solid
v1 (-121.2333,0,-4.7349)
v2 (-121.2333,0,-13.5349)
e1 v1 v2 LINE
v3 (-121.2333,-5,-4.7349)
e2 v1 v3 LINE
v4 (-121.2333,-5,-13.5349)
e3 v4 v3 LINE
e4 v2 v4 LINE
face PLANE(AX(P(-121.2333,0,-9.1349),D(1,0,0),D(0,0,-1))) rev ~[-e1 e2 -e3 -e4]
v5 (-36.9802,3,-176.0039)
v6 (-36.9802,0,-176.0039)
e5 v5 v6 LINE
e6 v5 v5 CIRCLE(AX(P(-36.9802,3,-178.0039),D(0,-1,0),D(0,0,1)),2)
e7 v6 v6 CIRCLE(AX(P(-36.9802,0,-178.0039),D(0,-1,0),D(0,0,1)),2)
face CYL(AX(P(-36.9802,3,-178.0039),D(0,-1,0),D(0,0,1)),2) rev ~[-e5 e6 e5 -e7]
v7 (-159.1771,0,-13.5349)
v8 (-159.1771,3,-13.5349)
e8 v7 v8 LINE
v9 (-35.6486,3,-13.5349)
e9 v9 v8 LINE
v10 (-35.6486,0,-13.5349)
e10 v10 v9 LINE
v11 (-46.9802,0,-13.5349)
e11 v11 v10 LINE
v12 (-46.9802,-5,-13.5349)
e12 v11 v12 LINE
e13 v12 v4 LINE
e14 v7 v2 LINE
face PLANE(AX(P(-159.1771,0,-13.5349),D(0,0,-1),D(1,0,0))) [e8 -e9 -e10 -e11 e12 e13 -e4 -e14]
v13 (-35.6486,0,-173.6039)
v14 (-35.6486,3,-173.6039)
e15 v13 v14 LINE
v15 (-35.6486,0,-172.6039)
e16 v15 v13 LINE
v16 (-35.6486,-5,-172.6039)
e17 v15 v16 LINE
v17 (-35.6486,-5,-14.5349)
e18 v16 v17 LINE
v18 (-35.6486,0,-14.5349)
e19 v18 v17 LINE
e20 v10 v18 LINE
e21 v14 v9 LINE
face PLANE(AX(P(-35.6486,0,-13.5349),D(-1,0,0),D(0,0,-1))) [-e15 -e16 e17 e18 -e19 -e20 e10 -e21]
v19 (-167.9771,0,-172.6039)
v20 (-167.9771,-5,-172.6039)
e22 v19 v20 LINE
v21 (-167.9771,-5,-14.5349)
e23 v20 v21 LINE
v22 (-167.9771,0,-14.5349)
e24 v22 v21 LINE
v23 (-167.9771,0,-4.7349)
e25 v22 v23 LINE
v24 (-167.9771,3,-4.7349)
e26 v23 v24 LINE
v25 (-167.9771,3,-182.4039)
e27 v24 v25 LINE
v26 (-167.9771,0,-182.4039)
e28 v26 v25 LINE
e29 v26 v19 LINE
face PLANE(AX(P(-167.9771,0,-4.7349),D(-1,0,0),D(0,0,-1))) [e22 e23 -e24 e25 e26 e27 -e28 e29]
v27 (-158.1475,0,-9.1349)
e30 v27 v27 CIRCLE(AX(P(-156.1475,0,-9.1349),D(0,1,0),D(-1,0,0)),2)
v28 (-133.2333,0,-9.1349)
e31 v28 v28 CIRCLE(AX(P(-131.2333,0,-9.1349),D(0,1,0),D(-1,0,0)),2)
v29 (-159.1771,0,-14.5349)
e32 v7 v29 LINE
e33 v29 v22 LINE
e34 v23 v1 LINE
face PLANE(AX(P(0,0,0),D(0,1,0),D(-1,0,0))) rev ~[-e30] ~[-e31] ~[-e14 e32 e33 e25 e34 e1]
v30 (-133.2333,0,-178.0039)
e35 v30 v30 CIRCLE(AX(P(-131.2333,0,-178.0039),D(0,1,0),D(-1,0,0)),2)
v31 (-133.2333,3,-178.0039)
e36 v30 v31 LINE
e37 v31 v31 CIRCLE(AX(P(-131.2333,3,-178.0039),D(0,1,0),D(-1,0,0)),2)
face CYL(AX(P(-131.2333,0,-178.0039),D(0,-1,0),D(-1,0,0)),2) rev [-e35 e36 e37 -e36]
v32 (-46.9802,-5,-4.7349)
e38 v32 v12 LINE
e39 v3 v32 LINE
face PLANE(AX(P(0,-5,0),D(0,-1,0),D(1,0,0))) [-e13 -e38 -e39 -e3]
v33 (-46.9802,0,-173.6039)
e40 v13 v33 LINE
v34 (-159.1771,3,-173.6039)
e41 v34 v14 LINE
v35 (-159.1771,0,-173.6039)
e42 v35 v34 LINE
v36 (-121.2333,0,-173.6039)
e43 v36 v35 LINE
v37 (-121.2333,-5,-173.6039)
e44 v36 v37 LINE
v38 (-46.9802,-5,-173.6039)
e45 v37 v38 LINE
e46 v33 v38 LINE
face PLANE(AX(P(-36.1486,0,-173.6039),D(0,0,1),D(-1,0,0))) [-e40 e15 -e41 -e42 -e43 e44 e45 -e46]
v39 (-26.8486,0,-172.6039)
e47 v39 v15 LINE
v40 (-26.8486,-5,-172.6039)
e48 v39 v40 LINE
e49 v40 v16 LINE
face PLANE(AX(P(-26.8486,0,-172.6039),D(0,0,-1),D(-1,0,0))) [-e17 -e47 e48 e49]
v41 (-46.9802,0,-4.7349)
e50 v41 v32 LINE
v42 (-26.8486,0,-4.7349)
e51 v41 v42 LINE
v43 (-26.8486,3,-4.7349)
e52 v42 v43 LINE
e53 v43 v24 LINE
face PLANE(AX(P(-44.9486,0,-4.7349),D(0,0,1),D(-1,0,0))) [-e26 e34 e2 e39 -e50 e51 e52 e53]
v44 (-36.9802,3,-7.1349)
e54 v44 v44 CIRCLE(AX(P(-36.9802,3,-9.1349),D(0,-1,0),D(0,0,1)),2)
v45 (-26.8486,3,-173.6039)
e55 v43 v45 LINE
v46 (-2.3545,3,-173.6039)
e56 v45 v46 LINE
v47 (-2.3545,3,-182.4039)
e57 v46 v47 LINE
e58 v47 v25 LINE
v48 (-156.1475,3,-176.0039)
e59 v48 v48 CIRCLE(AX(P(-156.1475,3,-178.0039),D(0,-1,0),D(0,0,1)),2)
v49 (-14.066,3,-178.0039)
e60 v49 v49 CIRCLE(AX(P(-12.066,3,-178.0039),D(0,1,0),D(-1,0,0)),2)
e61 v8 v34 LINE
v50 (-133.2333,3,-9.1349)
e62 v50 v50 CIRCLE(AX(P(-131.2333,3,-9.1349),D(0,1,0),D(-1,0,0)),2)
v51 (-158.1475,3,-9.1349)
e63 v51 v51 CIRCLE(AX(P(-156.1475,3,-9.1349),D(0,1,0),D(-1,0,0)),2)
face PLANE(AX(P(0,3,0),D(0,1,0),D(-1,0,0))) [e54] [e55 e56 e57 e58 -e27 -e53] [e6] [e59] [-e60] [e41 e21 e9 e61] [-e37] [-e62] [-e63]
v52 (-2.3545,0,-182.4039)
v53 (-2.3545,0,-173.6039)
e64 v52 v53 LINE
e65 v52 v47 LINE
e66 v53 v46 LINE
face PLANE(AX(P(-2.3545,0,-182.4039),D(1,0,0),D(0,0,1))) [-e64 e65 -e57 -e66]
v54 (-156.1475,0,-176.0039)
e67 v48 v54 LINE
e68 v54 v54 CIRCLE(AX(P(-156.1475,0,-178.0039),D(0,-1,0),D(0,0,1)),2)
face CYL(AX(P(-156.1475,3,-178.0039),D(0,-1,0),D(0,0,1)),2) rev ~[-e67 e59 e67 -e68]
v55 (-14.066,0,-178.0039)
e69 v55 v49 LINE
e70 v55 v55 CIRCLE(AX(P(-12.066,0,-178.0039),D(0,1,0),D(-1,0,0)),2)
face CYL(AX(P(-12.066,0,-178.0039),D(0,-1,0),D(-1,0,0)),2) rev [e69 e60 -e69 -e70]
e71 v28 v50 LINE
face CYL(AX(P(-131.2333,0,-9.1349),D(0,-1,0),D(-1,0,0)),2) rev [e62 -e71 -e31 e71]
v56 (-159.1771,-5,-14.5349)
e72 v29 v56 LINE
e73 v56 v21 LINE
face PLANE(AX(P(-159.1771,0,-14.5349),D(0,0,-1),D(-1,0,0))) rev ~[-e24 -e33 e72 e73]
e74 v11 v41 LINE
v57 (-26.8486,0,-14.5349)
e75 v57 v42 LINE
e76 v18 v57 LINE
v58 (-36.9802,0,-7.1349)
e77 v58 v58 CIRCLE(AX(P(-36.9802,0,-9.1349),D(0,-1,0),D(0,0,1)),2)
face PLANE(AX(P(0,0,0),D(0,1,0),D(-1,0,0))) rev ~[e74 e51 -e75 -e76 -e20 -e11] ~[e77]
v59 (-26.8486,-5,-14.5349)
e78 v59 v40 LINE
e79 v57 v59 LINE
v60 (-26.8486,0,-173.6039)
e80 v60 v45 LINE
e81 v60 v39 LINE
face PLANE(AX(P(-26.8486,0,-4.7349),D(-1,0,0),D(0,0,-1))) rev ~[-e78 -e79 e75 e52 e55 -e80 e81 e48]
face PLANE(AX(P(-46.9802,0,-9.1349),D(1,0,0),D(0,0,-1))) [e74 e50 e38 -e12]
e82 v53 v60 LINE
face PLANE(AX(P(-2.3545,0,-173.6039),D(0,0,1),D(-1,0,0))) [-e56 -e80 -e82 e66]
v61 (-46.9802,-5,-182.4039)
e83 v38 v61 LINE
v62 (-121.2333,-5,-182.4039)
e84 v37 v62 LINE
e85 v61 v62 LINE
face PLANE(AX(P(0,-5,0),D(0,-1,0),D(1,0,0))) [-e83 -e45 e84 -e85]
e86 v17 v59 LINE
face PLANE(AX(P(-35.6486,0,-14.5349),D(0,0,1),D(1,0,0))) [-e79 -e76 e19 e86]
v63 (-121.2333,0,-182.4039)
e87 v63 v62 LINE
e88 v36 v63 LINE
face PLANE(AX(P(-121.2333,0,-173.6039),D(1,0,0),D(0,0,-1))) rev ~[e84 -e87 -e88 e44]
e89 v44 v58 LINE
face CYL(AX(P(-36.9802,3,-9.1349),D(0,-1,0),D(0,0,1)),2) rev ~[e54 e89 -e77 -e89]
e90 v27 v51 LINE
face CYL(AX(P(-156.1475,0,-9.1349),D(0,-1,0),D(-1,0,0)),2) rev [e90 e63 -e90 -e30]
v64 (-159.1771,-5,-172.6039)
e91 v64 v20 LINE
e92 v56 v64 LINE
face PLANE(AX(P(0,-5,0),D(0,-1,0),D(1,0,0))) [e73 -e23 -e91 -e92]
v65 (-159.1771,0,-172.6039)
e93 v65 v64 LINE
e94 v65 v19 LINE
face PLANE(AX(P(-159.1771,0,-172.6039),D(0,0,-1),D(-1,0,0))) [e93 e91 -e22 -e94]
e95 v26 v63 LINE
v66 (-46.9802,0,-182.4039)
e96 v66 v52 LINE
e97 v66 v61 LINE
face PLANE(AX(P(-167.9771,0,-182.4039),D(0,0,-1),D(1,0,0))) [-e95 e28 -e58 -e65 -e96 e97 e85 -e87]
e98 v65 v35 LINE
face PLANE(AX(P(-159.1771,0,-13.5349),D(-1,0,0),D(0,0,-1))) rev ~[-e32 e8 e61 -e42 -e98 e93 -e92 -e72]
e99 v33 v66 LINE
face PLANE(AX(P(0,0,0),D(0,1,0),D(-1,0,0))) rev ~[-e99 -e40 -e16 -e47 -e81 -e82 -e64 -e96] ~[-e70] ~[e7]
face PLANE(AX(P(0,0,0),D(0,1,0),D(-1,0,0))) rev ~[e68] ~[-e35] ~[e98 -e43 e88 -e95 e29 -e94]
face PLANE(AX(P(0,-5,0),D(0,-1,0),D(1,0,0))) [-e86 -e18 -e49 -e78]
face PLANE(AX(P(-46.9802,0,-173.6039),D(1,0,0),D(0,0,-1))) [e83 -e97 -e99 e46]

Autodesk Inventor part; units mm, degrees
ref_plane "YZ Plane" through (0, 0, 0) normal (1, 0, 0) x (0, 1, 0)
ref_plane "XZ Plane" through (0, 0, 0) normal (0, 1, 0) x (-1, 0, 0)
ref_plane "XY Plane" through (0, 0, 0) normal (0, 0, 1) x (1, 0, 0)
sketch "Boceto1" plane through (0, 0, 0) normal (0, 1, 0) x (-1, 0, 0)
  line L0 (0, 0) -> (262.4667, 0) construction
  line L1 (262.4667, 0) -> (262.4667, -371.2633) construction
  line L2 (262.4667, -371.2633) -> (0, -371.2633) construction
  line L3 (0, -371.2633) -> (0, 0) construction
  line L4 (167.9771, -4.7349) -> (167.9771, -13.5349)
  line L5 (167.9771, -13.5349) -> (2.3545, -13.5349)
  line L6 (2.3545, -13.5349) -> (2.3545, -4.7349)
  line L7 (2.3545, -4.7349) -> (167.9771, -4.7349)
  line L8 (143.5689, -182.4039) -> (2.3545, -182.4039)
  line L9 (2.3545, -182.4039) -> (2.3545, -173.6039)
  line L10 (2.3545, -173.6039) -> (167.9771, -173.6039)
  line L11 (167.9771, -173.6039) -> (167.9771, -182.4039)
  circle A0 centre (156.1475, -9.1349) radius 2
  circle A1 centre (131.2333, -9.1349) radius 2
  circle A2 centre (12.066, -9.1349) radius 2
  line L12 (167.9771, -173.6039) -> (167.9771, -182.4039)
  line L13 (167.9771, -182.4039) -> (2.3545, -182.4039)
  line L14 (2.3545, -182.4039) -> (2.3545, -173.6039)
  line L15 (2.3545, -173.6039) -> (167.9771, -173.6039)
  circle A3 centre (131.2333, -178.0039) radius 2
  circle A4 centre (12.066, -178.0039) radius 2
  line L16 (167.9771, -13.5349) -> (167.9771, -182.4039)
  line L17 (2.3545, -13.4261) -> (2.3545, -174.0455)
  line L18 (11.1545, -13.4261) -> (11.1545, -174.0455)
  line L19 (159.1771, -13.5349) -> (159.1771, -182.4039)
  line L20 (26.8486, -4.7349) -> (26.8486, -49.7349)
  line L21 (26.8486, -49.7349) -> (2.3545, -49.7349)
  line L22 (35.6486, -4.7349) -> (35.6486, -173.6039)
  line L23 (35.6486, -58.5349) -> (2.3545, -58.5349)
  line L24 (2.3545, -59.0349) -> (36.1486, -59.0349)
  line L25 (36.1486, -173.6039) -> (36.1486, -4.7349)
  line L26 (2.3545, -67.8349) -> (44.9486, -67.8349)
  line L27 (44.9486, -67.8349) -> (44.9486, -4.7349)
  line L28 (26.8486, -49.7349) -> (26.8486, -173.6039)
  line L29 (19.9545, -13.4261) -> (19.9545, -174.0455)
  line L30 (9.3545, -13.4261) -> (9.3545, -174.0455)
  point P0 (11.1545, -173.6039)
  point P1 (11.1545, -13.5349)
  point P2 (159.1771, -173.6039)
  point P3 (11.1545, -58.5349)
  point P4 (35.6486, -13.5349)
  point P5 (11.1545, -67.8349)
  point P6 (26.8486, -67.8349)
  point P7 (36.1486, -67.8349)
  dimension "d2" = 8.8
  dimension "d3" = 8.8
  dimension "d5" = 8.8
  dimension "d6" = 8.8
  dimension "d8" = 4
  dimension "d9" = 4
  dimension "d10" = 4
  dimension "d11" = 8.8
  dimension "d12" = 8.8
  dimension "d14" = 4
  dimension "d15" = 4
  dimension "d21" = 8.8
  dimension "d22" = 8.8
  dimension "d26" = 45
  dimension "d27" = 8.8
  dimension "d53" = 0.5
  dimension "d54" = 8.8
  dimension "d59" = 8.8
  dimension "d60" = 7
extrude "Extrusión1" add sketch "Boceto1" along normal blind 3 contours L4 L5 L27 L7 | L16 L10 L19 L5 | L27 L5 L25 L7 | L11 L13 L19 L10 | L25 L5 L22 L7 | L19 L13 L8 L9 L10 | L22 L5 L20 L7 | L22 L23 L28 L20 L5 | L10 L28 L26 L22 | L22 L24 L28 L23 | L22 L26 L28 L24
sketch "Boceto2" plane through (0, 3, 0) normal (0, 1, 0) x (1, 0, 0)
  line L0 (-2.3545, 182.4039) -> (-167.9771, 182.4039) projected
  line L1 (-167.9771, 182.4039) -> (-167.9771, 4.7349) projected
  line L2 (-167.9771, 4.7349) -> (-26.8486, 4.7349) projected
  circle A0 centre (-12.066, 178.0039) radius 2
  circle A1 centre (-131.2333, 178.0039) radius 2
  circle A2 centre (-156.1475, 9.1349) radius 2
  circle A3 centre (-131.2333, 9.1349) radius 2
  line L3 (-11.1545, 173.6039) -> (-11.1545, 67.8349) projected
  line L4 (-35.6486, 13.5349) -> (-159.1771, 13.5349) projected
  line L5 (-159.1771, 13.5349) -> (-159.1771, 173.6039) projected
  line L6 (-159.1771, 173.6039) -> (-35.6486, 173.6039) projected
  line L7 (-131.2333, 9.1349) -> (-119.9333, 9.1349)
  line L8 (-119.9333, 9.1349) -> (-119.9333, 13.5349)
  line L9 (-119.9333, 4.7349) -> (-119.9333, 9.1349)
  line L10 (-167.9771, 4.7349) -> (-26.8486, 4.7349) projected
  line L11 (-26.8486, 4.7349) -> (-26.8486, 173.6039) projected
  line L12 (-26.8486, 49.7349) -> (-2.3545, 49.7349) projected
  line L13 (-2.3545, 173.6039) -> (-2.3545, 182.4039) projected
  line L14 (-11.1545, 58.5349) -> (-35.6486, 58.5349) projected
  line L15 (-35.6486, 173.6039) -> (-35.6486, 13.5349) projected
  circle A4 centre (-36.9802, 178.0039) radius 2
  circle A5 centre (-156.1475, 178.0039) radius 2
  circle A6 centre (-156.1475, 9.1349) radius 2
  line L16 (-156.1475, 9.1349) -> (-144.8475, 9.1349)
  line L17 (-144.8475, 9.1349) -> (-144.8475, 13.5349)
  line L18 (-144.8475, 4.7349) -> (-144.8475, 9.1349)
  line L19 (-36.9802, 178.0039) -> (-36.9802, 9.1349)
  line L20 (-36.9802, 178.0039) -> (131.8887, 178.0039) construction
  circle A7 centre (-36.9802, 9.1349) radius 2
  point P0 (0, 0)
  point P1 (-2.3545, 4.7349)
  point P2 (-26.8486, 59.0349)
  point P3 (-2.3545, 59.0349)
  point P4 (-35.6486, 67.8349)
  dimension "d25" = 11.3
  dimension "d29" = 11.3
  dimension "d30" = 90
  dimension "d31" = 4
hole "Agujero1" at (-36.9802, 3, -9.1349) at (-36.9802, 3, -178.0039) at (-156.1475, 3, -178.0039) direction (0, -1, 0) diameter 4 end through all
sketch "Boceto3" plane through (0, 0, 0) normal (0, -1, 0) x (1, 0, 0)
  circle A0 centre (-156.1475, -178.0039) radius 2 projected
  circle A1 centre (-36.9802, -178.0039) radius 2 projected
  circle A2 centre (-36.9802, -9.1349) radius 2 projected
  line L0 (-167.9771, -182.4039) -> (-167.9771, -4.7349) projected
  line L1 (-2.3545, -182.4039) -> (-167.9771, -182.4039) projected
  line L2 (-2.3545, -173.6039) -> (-2.3545, -182.4039) projected
  line L3 (-26.8486, -4.7349) -> (-26.8486, -173.6039) projected
  line L4 (-167.9771, -4.7349) -> (-26.8486, -4.7349) projected
  circle A3 centre (-156.1475, -9.1349) radius 2 projected
  circle A4 centre (-131.2333, -9.1349) radius 2 projected
  line L5 (-159.1771, -173.6039) -> (-11.1545, -173.6039)
  line L6 (-159.1771, -13.5349) -> (-159.1771, -173.6039) projected
  line L7 (-35.6486, -13.5349) -> (-159.1771, -13.5349) projected
  line L8 (-35.6486, -173.6039) -> (-35.6486, -13.5349) projected
  circle A5 centre (-131.2333, -178.0039) radius 2 projected
  circle A6 centre (-12.066, -178.0039) radius 2 projected
  line L9 (-36.9802, -9.1349) -> (-46.9802, -9.1349)
  line L10 (-46.9802, -9.1349) -> (-46.9802, -2.3988)
  line L11 (-46.9802, -2.3988) -> (-46.9802, -182.4039)
  line L12 (-131.2333, -9.1349) -> (-121.2333, -9.1349)
  line L13 (-121.2333, -9.1349) -> (-121.2333, 4.8486)
  line L14 (-121.2333, 4.8486) -> (-121.2333, -182.4039)
  line L15 (-159.1771, -173.6039) -> (-167.9771, -173.6039)
  line L16 (-159.1771, -13.5349) -> (-167.9771, -13.5349)
  line L17 (-35.932, -13.5349) -> (-26.8486, -13.5349)
  line L18 (-11.1545, -173.6039) -> (-2.3545, -173.6039)
  line L19 (-2.3545, -172.6039) -> (-11.1545, -172.6039)
  line L20 (-11.1545, -172.6039) -> (-159.1771, -172.6039)
  line L21 (-159.1771, -172.6039) -> (-167.9771, -172.6039)
  line L22 (-35.932, -14.5349) -> (-26.8486, -14.5349)
  line L23 (-159.1771, -14.5349) -> (-167.9771, -14.5349)
  circle A7 centre (-156.1475, -178.0039) radius 2 projected
  circle A8 centre (-36.9802, -178.0039) radius 2 projected
  circle A9 centre (-36.9802, -9.1349) radius 2 projected
  line L24 (-167.9771, -182.4039) -> (-167.9771, -4.7349) projected
  line L25 (-2.3545, -182.4039) -> (-167.9771, -182.4039) projected
  line L26 (-2.3545, -173.6039) -> (-2.3545, -182.4039) projected
  line L27 (-26.8486, -4.7349) -> (-26.8486, -173.6039) projected
  line L28 (-167.9771, -4.7349) -> (-26.8486, -4.7349) projected
  circle A10 centre (-12.066, -178.0039) radius 2 projected
  circle A11 centre (-131.2333, -178.0039) radius 2 projected
  circle A12 centre (-131.2333, -9.1349) radius 2 projected
  circle A13 centre (-156.1475, -9.1349) radius 2 projected
  line L29 (-26.8486, -173.6039) -> (-2.3545, -173.6039) projected
  line L30 (-159.1771, -13.5349) -> (-159.1771, -173.6039) projected
  line L31 (-35.6486, -13.5349) -> (-159.1771, -13.5349) projected
  line L32 (-35.6486, -173.6039) -> (-35.6486, -13.5349) projected
  line L33 (-159.1771, -173.6039) -> (-35.6486, -173.6039) projected
  circle A14 centre (-156.1475, -178.0039) radius 2 projected
  circle A15 centre (-36.9802, -178.0039) radius 2 projected
  circle A16 centre (-36.9802, -9.1349) radius 2 projected
  line L34 (-167.9771, -182.4039) -> (-167.9771, -4.7349) projected
  line L35 (-2.3545, -182.4039) -> (-167.9771, -182.4039) projected
  line L36 (-2.3545, -173.6039) -> (-2.3545, -182.4039) projected
  line L37 (-26.8486, -173.6039) -> (-2.3545, -173.6039) projected
  line L38 (-26.8486, -4.7349) -> (-26.8486, -173.6039) projected
  line L39 (-167.9771, -4.7349) -> (-26.8486, -4.7349) projected
  circle A17 centre (-12.066, -178.0039) radius 2 projected
  circle A18 centre (-131.2333, -178.0039) radius 2 projected
  circle A19 centre (-131.2333, -9.1349) radius 2 projected
  circle A20 centre (-156.1475, -9.1349) radius 2 projected
  line L40 (-159.1771, -173.6039) -> (-35.6486, -173.6039) projected
  line L41 (-159.1771, -13.5349) -> (-159.1771, -173.6039) projected
  line L42 (-35.6486, -13.5349) -> (-159.1771, -13.5349) projected
  line L43 (-35.6486, -173.6039) -> (-35.6486, -13.5349) projected
  point P0 (0, 0)
  point P1 (-35.6486, -58.5349)
  point P2 (-35.6486, -14.5349)
  point P3 (-121.2333, -173.6039)
  point P4 (-46.9802, -173.6039)
  point P5 (-121.2333, -13.5349)
  point P6 (-46.9802, -13.5349)
  point P7 (-46.9802, -4.7349)
  point P8 (-121.2333, -4.7349)
  point P9 (-26.8486, -59.0349)
  point P10 (-35.6486, -67.8349)
  point P11 (-35.6486, -172.6039)
  point P12 (-26.8486, -172.6039)
  dimension "d39" = 10
  dimension "d40" = 10
  dimension "d41" = 1
  dimension "d42" = 1
  dimension "d43" = 1
extrude "Extrusión2" add sketch "Boceto3" along normal blind 5 contours L11 L7 L14 L13 L4 L10 | L11 L1 L14 L5 | L8 L22 L3 L20 | L6 L21 L0 L23
properties part number "Base PCB"
